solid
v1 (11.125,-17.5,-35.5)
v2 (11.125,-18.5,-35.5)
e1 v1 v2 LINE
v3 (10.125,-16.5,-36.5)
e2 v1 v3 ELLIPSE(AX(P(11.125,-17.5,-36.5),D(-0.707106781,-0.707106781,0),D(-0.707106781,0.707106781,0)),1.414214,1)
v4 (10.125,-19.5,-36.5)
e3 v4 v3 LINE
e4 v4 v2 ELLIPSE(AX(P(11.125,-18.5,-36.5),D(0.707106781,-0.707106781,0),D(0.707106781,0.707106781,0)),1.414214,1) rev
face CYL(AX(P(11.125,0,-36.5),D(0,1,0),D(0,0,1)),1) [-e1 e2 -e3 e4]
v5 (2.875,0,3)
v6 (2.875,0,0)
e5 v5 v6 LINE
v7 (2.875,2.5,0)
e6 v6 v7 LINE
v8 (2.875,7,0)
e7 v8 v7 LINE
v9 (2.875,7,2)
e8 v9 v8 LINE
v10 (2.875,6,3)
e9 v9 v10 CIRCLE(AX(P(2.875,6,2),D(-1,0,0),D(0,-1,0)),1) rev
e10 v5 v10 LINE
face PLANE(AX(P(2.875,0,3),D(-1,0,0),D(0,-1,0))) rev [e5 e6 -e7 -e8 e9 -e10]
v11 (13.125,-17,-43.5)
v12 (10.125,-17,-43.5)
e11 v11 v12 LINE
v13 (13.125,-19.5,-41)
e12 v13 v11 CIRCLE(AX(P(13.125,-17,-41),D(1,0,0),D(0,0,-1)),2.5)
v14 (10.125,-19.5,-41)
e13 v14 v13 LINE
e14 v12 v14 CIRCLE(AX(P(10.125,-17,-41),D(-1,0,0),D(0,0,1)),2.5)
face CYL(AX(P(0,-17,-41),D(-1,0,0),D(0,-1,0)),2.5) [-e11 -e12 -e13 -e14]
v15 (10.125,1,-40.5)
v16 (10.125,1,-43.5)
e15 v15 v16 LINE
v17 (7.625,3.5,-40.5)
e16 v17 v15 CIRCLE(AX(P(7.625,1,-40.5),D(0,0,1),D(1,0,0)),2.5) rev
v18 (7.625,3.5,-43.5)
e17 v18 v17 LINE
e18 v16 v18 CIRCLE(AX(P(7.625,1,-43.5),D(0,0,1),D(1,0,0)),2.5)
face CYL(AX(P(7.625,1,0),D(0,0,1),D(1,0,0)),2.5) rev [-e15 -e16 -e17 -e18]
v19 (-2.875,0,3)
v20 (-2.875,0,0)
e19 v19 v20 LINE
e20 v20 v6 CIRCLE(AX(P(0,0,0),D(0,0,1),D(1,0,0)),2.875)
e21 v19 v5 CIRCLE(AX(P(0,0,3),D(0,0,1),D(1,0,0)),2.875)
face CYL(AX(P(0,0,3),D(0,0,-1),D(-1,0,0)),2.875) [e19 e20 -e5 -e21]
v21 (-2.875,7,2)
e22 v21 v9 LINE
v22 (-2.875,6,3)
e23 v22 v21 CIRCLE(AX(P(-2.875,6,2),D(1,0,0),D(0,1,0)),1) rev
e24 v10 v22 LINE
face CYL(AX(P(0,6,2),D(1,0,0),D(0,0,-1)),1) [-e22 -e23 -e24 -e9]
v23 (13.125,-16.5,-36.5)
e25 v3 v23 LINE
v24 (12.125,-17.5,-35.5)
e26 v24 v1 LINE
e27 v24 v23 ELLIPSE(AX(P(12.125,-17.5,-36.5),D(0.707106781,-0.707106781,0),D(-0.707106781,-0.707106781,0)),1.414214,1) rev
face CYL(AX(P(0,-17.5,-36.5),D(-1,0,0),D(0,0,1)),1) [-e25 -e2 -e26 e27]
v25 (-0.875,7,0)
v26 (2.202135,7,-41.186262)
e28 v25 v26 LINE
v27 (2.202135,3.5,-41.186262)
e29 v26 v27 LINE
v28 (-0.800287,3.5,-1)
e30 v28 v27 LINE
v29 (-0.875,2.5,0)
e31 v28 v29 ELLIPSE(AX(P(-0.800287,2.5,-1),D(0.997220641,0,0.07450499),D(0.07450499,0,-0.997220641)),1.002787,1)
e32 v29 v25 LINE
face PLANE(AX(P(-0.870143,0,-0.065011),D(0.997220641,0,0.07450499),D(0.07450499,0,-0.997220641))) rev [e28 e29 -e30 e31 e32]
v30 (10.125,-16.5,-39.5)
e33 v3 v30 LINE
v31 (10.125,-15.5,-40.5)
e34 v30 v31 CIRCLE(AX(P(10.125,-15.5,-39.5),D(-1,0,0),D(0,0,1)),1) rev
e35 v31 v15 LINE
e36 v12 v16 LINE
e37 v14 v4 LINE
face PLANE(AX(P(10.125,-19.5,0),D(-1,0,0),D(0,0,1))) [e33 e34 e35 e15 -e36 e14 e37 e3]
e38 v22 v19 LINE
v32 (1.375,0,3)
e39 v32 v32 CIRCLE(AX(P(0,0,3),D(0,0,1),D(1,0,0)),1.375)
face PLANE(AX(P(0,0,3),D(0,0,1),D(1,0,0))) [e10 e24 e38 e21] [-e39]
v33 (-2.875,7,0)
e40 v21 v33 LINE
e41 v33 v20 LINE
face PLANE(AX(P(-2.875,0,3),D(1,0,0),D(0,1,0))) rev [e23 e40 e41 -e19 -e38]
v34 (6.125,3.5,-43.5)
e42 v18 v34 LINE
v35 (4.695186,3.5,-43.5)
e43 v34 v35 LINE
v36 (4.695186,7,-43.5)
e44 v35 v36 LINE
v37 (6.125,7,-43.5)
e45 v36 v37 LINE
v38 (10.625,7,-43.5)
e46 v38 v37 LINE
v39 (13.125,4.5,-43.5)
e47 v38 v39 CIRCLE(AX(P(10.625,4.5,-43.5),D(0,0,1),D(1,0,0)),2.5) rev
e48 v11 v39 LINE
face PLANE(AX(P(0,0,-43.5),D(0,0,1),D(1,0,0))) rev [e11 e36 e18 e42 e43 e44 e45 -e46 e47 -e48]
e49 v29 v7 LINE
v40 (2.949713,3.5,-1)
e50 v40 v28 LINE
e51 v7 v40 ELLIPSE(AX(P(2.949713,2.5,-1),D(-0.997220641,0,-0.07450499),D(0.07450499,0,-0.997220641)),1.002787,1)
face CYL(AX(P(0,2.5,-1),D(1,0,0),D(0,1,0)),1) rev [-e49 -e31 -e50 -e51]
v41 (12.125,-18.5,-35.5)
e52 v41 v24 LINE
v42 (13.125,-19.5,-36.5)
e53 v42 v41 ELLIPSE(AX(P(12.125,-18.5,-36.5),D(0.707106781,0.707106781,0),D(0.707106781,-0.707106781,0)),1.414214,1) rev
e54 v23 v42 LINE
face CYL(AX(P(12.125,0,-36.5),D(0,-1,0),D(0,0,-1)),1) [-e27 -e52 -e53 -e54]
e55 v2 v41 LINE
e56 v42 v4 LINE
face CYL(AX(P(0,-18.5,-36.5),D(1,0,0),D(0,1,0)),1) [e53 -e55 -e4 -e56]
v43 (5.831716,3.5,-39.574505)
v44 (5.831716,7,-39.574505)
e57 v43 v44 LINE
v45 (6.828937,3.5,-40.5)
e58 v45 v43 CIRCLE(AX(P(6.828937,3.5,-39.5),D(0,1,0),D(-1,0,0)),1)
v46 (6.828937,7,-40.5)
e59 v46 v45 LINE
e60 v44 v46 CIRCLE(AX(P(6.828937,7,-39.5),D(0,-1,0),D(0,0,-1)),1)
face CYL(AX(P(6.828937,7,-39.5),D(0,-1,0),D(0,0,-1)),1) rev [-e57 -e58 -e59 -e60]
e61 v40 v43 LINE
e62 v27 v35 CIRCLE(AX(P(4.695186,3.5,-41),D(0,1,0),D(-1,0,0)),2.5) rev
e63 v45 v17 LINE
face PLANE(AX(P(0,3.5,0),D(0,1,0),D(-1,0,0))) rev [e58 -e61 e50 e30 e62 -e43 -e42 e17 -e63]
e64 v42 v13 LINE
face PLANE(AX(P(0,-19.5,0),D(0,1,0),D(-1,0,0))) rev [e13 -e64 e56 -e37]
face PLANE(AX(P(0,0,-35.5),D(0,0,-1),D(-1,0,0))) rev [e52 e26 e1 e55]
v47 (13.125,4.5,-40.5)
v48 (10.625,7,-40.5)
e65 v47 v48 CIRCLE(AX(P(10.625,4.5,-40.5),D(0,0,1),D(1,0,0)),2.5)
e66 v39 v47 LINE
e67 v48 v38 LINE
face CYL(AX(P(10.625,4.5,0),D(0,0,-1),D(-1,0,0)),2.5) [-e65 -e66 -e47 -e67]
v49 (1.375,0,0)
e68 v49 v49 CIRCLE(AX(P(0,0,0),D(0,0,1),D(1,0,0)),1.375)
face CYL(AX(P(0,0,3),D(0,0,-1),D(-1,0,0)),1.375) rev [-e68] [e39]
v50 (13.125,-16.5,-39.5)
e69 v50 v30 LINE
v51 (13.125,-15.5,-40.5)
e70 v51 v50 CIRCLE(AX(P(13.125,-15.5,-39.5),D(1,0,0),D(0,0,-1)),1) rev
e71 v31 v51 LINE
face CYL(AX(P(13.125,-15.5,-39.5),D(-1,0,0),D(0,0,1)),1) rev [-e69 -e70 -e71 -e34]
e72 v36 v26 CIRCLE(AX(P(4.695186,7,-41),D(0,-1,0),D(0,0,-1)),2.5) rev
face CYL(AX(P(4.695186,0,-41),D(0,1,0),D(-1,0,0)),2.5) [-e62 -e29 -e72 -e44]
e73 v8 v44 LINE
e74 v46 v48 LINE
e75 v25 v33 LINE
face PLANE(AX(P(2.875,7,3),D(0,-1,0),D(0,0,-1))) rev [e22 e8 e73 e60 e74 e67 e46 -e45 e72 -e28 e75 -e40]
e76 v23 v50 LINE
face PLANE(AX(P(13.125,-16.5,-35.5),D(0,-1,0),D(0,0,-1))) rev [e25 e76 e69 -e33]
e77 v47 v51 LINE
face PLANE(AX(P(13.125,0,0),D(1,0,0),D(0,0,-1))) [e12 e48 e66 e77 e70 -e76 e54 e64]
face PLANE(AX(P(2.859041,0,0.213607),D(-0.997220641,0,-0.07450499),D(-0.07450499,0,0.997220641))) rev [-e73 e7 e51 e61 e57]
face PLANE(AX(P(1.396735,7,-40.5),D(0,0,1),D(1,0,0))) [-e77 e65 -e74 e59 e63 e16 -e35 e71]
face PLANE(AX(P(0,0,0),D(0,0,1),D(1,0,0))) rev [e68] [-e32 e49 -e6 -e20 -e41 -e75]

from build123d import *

# Parameters (mm, degrees)
SKETCH1_R           = 1.375
BOSS_EXTRUDE1_DEPTH = 3
BOSS_EXTRUDE2_START = 5.900862
SKETCH9_W           = 3.5
SKETCH9_H           = 3
BOSS_EXTRUDE2_DEPTH = 7.224138
BOSS_EXTRUDE3_START = -26.5
SKETCH10_W          = 3
SKETCH10_H          = 3
BOSS_EXTRUDE3_DEPTH = 23
SKETCH11_W          = 3
SKETCH11_H          = 3
BOSS_EXTRUDE4_DEPTH = 5
FILLET1_R           = 2.5
FILLET2_R           = 1


with BuildPart() as part:
    # Sketch1 → Boss-Extrude1 (new body)
    with BuildSketch(Plane(origin=(0, 0, 0), x_dir=(0, 1, 0), z_dir=(0, 0, 1))):
        with BuildLine():
            Line((0, 2.875), (7, 2.875))
            Line((7, 2.875), (7, -2.875))
            Line((7, -2.875), (0, -2.875))
            ThreePointArc((0, -2.875), (-2.875, 0), (0, 2.875))
        make_face()
        with Locations(Location((0, 0, 0), (0, 0, 270))):
            Circle(SKETCH1_R, mode=Mode.SUBTRACT)
    extrude(amount=BOSS_EXTRUDE1_DEPTH)

    # Sketch2 → Loft1 section 0
    with BuildSketch(Plane(origin=(0, 0, 0), x_dir=(1, 0, 0), z_dir=(0, 0, -1))):
        with BuildLine():
            Line((2.875, -7), (-0.875, -7))
            Line((-0.875, -7), (-0.875, -3.5))
            Line((-0.875, -3.5), (2.875, -3.5))
            Line((2.875, -3.5), (2.875, -7))
        make_face()
    # Sketch8 → Loft1 section 1
    with BuildSketch(Plane(origin=(0, 0, -43.5), x_dir=(-1, 0, 0), z_dir=(0, 0, -1))):
        with BuildLine():
            Line((-6.125, 3.5), (-6.125, 7))
            Line((-6.125, 7), (-2.375, 7))
            Line((-2.375, 7), (-2.375, 3.5))
            Line((-2.375, 3.5), (-6.125, 3.5))
        make_face()
    loft()

    # Sketch9 → Boss-Extrude2 (add)
    with BuildSketch(Plane.YZ.offset(BOSS_EXTRUDE2_START)):
        with Locations((5.25, -42)):
            Rectangle(SKETCH9_W, SKETCH9_H)
    extrude(amount=BOSS_EXTRUDE2_DEPTH)

    # Sketch10 → Boss-Extrude3 (add)
    with BuildSketch(Plane(origin=(0, 7, 0), x_dir=(-1, 0, 0), z_dir=(0, 1, 0)).offset(BOSS_EXTRUDE3_START)):
        with Locations((-11.625, -42)):
            Rectangle(SKETCH10_W, SKETCH10_H)
    extrude(amount=BOSS_EXTRUDE3_DEPTH)

    # Sketch11 → Boss-Extrude4 (add)
    with BuildSketch(Plane.XY.offset(-40.5)):
        with Locations((11.625, -18)):
            Rectangle(SKETCH11_W, SKETCH11_H)
    extrude(amount=BOSS_EXTRUDE4_DEPTH)

    # Fillet1
    fillet1_edges = [part.edges().sort_by_distance(p)[0] for p in [
        (2.375, 5.25, -43.5),
        (13.125, 7, -42),
        (11.625, -19.5, -43.5),
        (10.125, 3.5, -42),
    ]]
    fillet(fillet1_edges, radius=FILLET1_R)

    # Fillet2
    fillet2_edges = [part.edges().sort_by_distance(p)[0] for p in [
        (0, 7, 3),
        (1, 3.5, 0),
        (5.900862, 5.25, -40.5),
        (11.625, -16.5, -40.5),
        (11.625, -19.5, -35.5),
        (13.125, -18, -35.5),
        (11.625, -16.5, -35.5),
        (10.125, -18, -35.5),
    ]]
    fillet(fillet2_edges, radius=FILLET2_R)


solid = part.part
